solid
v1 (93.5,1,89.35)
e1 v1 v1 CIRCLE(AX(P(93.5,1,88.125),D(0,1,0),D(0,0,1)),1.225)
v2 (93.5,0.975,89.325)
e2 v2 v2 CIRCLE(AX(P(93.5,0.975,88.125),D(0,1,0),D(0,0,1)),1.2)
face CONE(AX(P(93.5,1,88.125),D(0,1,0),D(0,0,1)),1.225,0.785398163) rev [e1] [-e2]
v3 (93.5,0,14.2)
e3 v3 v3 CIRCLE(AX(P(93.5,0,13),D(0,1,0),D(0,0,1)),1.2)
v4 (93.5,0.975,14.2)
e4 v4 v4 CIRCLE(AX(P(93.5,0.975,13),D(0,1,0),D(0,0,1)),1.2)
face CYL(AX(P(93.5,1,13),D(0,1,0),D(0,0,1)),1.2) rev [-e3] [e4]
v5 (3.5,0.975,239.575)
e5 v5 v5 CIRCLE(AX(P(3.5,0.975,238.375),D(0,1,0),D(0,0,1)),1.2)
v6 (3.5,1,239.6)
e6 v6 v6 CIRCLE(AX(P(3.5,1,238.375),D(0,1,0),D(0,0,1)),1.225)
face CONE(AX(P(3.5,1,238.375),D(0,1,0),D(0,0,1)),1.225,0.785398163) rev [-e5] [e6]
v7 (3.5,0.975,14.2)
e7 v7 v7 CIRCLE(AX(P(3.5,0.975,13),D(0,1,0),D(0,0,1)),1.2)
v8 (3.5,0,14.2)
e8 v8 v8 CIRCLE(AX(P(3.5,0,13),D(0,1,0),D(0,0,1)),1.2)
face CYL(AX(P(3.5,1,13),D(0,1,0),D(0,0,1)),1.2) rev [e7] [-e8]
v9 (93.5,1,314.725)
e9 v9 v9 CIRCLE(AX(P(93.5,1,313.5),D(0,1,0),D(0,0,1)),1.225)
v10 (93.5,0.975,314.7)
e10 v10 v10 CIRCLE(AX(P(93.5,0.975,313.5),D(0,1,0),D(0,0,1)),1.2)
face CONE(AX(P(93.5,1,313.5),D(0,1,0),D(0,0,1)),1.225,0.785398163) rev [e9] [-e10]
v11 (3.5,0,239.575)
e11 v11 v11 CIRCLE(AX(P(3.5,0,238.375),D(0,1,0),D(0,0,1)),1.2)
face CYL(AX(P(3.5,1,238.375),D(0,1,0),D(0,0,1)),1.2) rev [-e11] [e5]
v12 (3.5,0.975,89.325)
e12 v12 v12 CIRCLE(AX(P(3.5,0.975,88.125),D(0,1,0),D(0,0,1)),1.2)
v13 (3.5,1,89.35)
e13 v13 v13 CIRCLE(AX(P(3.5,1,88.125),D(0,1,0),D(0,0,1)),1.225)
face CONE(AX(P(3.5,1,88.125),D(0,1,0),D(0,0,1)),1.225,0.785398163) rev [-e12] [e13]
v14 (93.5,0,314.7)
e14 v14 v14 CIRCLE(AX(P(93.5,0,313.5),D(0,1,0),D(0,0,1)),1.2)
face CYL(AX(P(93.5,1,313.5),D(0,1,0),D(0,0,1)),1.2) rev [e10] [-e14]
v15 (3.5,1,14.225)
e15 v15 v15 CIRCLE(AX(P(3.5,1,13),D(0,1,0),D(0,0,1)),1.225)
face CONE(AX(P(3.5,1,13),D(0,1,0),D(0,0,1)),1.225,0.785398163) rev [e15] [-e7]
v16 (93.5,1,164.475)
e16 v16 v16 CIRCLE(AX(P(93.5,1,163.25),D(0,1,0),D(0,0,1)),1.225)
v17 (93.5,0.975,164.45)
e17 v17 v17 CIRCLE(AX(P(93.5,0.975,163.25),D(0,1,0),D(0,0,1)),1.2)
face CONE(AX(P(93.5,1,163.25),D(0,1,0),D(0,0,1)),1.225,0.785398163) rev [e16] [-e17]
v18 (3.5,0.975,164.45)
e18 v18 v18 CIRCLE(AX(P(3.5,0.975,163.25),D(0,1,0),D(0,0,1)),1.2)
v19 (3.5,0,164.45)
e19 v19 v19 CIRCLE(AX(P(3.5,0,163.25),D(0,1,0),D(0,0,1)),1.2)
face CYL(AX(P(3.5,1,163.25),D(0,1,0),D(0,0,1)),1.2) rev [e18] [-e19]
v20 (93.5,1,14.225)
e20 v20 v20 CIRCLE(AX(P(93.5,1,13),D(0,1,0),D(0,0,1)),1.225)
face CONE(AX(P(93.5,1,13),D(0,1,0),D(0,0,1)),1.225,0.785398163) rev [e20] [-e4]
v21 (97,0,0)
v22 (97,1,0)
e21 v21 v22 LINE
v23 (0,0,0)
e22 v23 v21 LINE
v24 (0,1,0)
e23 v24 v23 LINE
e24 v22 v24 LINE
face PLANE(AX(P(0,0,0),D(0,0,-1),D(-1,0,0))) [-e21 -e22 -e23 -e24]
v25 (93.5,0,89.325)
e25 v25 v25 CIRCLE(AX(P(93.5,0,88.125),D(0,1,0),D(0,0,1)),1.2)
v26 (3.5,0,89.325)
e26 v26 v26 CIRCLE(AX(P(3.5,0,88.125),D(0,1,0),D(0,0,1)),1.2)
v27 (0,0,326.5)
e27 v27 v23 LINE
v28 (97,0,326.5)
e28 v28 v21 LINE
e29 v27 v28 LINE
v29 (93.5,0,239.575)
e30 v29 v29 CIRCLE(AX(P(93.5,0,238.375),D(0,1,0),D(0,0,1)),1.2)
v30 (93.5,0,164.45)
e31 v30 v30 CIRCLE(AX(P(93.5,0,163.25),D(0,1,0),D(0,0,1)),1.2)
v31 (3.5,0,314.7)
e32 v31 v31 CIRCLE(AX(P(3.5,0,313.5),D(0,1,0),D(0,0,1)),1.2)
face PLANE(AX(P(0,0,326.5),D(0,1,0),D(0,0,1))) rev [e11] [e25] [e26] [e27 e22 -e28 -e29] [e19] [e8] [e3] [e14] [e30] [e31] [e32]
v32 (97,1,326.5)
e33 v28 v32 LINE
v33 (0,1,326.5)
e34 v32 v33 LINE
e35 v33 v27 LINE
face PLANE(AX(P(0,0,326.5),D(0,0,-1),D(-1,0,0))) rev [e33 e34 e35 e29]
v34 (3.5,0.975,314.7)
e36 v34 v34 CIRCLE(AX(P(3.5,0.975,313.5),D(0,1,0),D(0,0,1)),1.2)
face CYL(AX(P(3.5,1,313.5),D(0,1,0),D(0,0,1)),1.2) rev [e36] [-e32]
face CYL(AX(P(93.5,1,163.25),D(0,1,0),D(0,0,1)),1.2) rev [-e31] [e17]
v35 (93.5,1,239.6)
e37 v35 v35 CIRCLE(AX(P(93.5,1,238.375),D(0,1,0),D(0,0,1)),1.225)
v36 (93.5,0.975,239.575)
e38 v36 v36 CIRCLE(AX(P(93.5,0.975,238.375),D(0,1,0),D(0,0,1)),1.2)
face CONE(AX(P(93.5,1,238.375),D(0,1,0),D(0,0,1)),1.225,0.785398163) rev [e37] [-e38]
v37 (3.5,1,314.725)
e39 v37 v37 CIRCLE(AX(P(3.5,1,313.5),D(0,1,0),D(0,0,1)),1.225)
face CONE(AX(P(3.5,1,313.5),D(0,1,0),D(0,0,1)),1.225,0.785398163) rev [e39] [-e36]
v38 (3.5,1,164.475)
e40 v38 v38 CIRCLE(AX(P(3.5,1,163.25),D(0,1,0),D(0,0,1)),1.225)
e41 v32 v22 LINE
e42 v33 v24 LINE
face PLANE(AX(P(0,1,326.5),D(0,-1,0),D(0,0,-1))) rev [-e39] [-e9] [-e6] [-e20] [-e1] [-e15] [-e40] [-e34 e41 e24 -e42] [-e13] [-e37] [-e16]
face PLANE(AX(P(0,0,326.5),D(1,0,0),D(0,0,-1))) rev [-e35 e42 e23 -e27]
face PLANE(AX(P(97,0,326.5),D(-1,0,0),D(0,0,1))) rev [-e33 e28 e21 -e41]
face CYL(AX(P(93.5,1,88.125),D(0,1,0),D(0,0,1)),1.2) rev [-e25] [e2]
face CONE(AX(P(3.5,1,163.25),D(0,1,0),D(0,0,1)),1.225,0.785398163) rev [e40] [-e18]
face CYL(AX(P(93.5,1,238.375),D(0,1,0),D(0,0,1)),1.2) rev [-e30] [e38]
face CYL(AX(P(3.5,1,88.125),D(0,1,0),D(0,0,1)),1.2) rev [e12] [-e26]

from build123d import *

# Parameters (mm, degrees)
SKETCH1_W                      = 97
SKETCH1_H                      = 1
BOSS_EXTRUDE1_DEPTH            = 326.5
M2_CLEARANCE_HOLE1_AT_2_COUNT  = 2
M2_CLEARANCE_HOLE1_AT_2_PITCH  = 90
M2_CLEARANCE_HOLE1_AT_3_COUNT  = 2
M2_CLEARANCE_HOLE1_AT_3_PITCH  = 75.125
M2_CLEARANCE_HOLE1_AT_4_COUNT  = 2
M2_CLEARANCE_HOLE1_AT_4_PITCH  = 117.233807517
M2_CLEARANCE_HOLE1_AT_5_COUNT  = 2
M2_CLEARANCE_HOLE1_AT_5_PITCH  = 150.25
M2_CLEARANCE_HOLE1_AT_6_COUNT  = 2
M2_CLEARANCE_HOLE1_AT_6_PITCH  = 175.142977307
M2_CLEARANCE_HOLE1_AT_7_COUNT  = 2
M2_CLEARANCE_HOLE1_AT_7_PITCH  = 225.375
M2_CLEARANCE_HOLE1_AT_8_COUNT  = 2
M2_CLEARANCE_HOLE1_AT_8_PITCH  = 242.680635043
M2_CLEARANCE_HOLE1_AT_9_COUNT  = 2
M2_CLEARANCE_HOLE1_AT_9_PITCH  = 300.5
M2_CLEARANCE_HOLE1_AT_10_COUNT = 2
M2_CLEARANCE_HOLE1_AT_10_PITCH = 313.688141312


with BuildPart() as part:
    # Sketch1 → Boss-Extrude1 (new body)
    with BuildSketch(Plane.XY):
        with Locations((48.5, 0.5)):
            Rectangle(SKETCH1_W, SKETCH1_H)
    extrude(amount=BOSS_EXTRUDE1_DEPTH)

    # Sketch3 → M2 Clearance Hole1 (revolve, cut)
    with BuildSketch(Plane(origin=(3.5, 1, 313.5), x_dir=(0, 0, 1), z_dir=(1, 0, 0))):
        Polygon((0, 0), (0, 1), (1.2, 1), (1.2, 0.025), (1.225, 0), align=None)
    m2_clearance_hole1 = revolve(axis=Axis((3.5, 7.35, 313.5), (0, -1, 0)), mode=Mode.SUBTRACT)

    # M2 Clearance Hole1 at 2: M2 Clearance Hole1 ×2
    with Locations(*[(i * M2_CLEARANCE_HOLE1_AT_2_PITCH, 0, 0) for i in range(1, M2_CLEARANCE_HOLE1_AT_2_COUNT)]):
        add(m2_clearance_hole1, mode=Mode.SUBTRACT)

    # M2 Clearance Hole1 at 3: M2 Clearance Hole1 ×2
    with Locations(*[(0, 0, -i * M2_CLEARANCE_HOLE1_AT_3_PITCH) for i in range(1, M2_CLEARANCE_HOLE1_AT_3_COUNT)]):
        add(m2_clearance_hole1, mode=Mode.SUBTRACT)

    # M2 Clearance Hole1 at 4: M2 Clearance Hole1 ×2
    with Locations(*[Vector(0.7676966389301124, 0, -0.6408134444402744) * (i * M2_CLEARANCE_HOLE1_AT_4_PITCH) for i in range(1, M2_CLEARANCE_HOLE1_AT_4_COUNT)]):
        add(m2_clearance_hole1, mode=Mode.SUBTRACT)

    # M2 Clearance Hole1 at 5: M2 Clearance Hole1 ×2
    with Locations(*[(0, 0, -i * M2_CLEARANCE_HOLE1_AT_5_PITCH) for i in range(1, M2_CLEARANCE_HOLE1_AT_5_COUNT)]):
        add(m2_clearance_hole1, mode=Mode.SUBTRACT)

    # M2 Clearance Hole1 at 6: M2 Clearance Hole1 ×2
    with Locations(*[Vector(0.5138658790879463, 0, -0.8578705370329326) * (i * M2_CLEARANCE_HOLE1_AT_6_PITCH) for i in range(1, M2_CLEARANCE_HOLE1_AT_6_COUNT)]):
        add(m2_clearance_hole1, mode=Mode.SUBTRACT)

    # M2 Clearance Hole1 at 7: M2 Clearance Hole1 ×2
    with Locations(*[(0, 0, -i * M2_CLEARANCE_HOLE1_AT_7_PITCH) for i in range(1, M2_CLEARANCE_HOLE1_AT_7_COUNT)]):
        add(m2_clearance_hole1, mode=Mode.SUBTRACT)

    # M2 Clearance Hole1 at 8: M2 Clearance Hole1 ×2
    with Locations(*[Vector(0.3708577735671273, 0, -0.9286896746410146) * (i * M2_CLEARANCE_HOLE1_AT_8_PITCH) for i in range(1, M2_CLEARANCE_HOLE1_AT_8_COUNT)]):
        add(m2_clearance_hole1, mode=Mode.SUBTRACT)

    # M2 Clearance Hole1 at 9: M2 Clearance Hole1 ×2
    with Locations(*[(0, 0, -i * M2_CLEARANCE_HOLE1_AT_9_PITCH) for i in range(1, M2_CLEARANCE_HOLE1_AT_9_COUNT)]):
        add(m2_clearance_hole1, mode=Mode.SUBTRACT)

    # M2 Clearance Hole1 at 10: M2 Clearance Hole1 ×2
    with Locations(*[Vector(0.2869091564108013, 0, -0.9579577944605088) * (i * M2_CLEARANCE_HOLE1_AT_10_PITCH) for i in range(1, M2_CLEARANCE_HOLE1_AT_10_COUNT)]):
        add(m2_clearance_hole1, mode=Mode.SUBTRACT)


solid = part.part
